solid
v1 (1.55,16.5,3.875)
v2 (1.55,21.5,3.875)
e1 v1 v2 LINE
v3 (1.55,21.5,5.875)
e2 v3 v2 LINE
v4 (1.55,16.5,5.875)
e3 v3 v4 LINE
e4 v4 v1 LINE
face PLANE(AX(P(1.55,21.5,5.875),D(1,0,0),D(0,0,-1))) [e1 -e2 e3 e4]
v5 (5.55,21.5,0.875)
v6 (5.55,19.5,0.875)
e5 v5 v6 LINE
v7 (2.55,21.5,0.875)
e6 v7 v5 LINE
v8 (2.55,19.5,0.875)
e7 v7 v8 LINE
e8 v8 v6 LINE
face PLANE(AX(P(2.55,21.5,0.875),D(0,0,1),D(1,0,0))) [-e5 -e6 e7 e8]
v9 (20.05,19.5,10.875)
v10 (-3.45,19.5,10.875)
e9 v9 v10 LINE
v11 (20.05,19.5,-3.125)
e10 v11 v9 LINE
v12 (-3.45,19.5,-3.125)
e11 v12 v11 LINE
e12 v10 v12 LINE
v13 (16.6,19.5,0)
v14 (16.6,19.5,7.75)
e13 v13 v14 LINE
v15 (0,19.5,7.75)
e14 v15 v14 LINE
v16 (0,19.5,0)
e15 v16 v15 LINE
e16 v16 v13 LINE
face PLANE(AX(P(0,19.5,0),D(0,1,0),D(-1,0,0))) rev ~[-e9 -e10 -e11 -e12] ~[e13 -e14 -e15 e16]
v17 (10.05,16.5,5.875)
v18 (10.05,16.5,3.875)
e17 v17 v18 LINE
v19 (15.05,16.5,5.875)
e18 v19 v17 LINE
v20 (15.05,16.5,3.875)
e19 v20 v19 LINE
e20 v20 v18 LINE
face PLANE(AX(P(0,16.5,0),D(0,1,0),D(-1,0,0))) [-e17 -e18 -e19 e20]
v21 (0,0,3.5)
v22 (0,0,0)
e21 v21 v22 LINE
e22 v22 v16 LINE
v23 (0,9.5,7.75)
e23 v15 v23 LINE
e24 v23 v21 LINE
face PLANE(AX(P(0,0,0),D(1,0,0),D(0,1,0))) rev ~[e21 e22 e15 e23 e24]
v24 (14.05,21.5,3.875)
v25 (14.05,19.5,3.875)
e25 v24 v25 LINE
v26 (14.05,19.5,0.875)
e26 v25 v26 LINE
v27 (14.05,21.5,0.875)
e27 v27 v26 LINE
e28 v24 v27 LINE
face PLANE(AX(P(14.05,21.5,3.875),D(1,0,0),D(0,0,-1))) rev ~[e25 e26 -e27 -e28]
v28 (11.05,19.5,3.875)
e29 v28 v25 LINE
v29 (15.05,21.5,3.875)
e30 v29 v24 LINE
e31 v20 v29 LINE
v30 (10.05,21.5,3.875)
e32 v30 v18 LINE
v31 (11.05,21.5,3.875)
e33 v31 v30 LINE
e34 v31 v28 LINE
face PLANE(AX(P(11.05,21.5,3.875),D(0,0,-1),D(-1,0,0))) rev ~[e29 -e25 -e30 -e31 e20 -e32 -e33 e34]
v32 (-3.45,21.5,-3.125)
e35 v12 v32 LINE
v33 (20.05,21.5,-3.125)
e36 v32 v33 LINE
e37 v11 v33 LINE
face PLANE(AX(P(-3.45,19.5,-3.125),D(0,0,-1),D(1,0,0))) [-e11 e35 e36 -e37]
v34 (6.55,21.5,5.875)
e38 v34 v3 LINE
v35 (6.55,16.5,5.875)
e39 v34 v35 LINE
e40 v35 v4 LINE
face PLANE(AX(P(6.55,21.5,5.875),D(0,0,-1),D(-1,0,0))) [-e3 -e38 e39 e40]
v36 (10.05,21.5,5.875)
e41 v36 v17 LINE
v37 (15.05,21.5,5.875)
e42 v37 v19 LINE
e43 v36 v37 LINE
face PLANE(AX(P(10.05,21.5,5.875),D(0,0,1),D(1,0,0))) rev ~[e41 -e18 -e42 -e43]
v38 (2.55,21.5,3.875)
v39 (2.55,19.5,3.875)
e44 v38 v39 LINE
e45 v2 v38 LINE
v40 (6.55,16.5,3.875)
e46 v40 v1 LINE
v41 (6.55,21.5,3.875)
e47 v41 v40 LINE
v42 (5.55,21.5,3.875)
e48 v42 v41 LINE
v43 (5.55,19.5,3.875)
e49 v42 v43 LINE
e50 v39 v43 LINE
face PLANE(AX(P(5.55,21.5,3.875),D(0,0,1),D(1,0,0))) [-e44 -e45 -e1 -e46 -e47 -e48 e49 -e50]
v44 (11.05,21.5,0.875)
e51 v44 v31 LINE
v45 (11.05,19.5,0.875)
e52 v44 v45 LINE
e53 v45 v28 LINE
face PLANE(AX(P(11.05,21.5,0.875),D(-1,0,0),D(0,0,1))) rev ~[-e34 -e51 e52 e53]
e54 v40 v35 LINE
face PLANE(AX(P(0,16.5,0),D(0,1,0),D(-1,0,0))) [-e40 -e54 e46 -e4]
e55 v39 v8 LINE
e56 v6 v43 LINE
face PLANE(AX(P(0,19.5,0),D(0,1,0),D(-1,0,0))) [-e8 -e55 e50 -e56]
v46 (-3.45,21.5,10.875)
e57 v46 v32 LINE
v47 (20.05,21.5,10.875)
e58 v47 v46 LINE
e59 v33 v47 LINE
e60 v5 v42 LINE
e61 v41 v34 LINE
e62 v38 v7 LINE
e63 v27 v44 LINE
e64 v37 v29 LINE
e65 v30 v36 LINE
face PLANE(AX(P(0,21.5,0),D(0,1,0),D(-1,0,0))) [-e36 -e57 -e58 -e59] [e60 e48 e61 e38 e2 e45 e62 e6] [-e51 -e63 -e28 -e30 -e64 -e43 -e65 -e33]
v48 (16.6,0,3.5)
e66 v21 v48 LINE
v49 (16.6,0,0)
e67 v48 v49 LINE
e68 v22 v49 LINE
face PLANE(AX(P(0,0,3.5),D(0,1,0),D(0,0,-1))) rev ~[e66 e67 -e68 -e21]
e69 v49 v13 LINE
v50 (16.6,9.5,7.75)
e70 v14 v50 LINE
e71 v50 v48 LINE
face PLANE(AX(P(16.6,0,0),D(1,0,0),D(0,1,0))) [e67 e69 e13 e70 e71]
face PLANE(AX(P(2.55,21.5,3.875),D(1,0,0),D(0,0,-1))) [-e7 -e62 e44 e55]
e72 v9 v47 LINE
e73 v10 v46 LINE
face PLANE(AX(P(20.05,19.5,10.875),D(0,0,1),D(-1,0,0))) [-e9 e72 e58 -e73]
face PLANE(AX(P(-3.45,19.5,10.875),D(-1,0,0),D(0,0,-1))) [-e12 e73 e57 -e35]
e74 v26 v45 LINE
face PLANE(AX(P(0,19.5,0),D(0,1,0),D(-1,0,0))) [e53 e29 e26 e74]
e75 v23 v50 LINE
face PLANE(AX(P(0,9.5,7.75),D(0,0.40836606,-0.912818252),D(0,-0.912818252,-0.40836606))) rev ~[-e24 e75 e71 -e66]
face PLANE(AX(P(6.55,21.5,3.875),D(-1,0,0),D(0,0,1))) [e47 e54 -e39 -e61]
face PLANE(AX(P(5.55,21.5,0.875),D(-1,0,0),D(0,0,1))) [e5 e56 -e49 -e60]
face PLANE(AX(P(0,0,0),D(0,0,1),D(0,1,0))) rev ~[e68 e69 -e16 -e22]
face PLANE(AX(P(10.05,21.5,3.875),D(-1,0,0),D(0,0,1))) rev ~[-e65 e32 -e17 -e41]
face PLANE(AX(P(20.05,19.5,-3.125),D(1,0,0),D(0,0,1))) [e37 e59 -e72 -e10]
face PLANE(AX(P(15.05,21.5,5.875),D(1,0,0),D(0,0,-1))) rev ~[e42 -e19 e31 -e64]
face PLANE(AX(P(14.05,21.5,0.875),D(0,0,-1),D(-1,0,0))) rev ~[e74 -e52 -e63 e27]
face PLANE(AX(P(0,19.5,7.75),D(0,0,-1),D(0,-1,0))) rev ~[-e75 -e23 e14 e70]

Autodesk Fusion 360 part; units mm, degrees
sketch "Esquisse1" plane through (0, 0, 0) normal (1, 0, 0) x (0, 1, 0)
  line L0 (0, 0) -> (19.5, 0)
  line L1 (19.5, 0) -> (19.5, 7.75)
  line L2 (19.5, 7.75) -> (9.5, 7.75)
  line L3 (9.5, 7.75) -> (0, 3.5)
  line L4 (0, 3.5) -> (0, 0)
  dimension "d1" = 7.75
  dimension "d2" = 19.5
  dimension "d3" = 10
  dimension "d4" = 3.5
extrude "Extrusion1" add sketch "Esquisse1" along normal blind 16.6
sketch "Esquisse2" plane through (0, 19.5, 0) normal (0, 1, 0) x (-1, 0, 0)
  line L0 (0, 0) -> (0, 7.75)
  line L1 (0, 7.75) -> (-16.6, 7.75)
  line L2 (-16.6, 7.75) -> (-16.6, 0)
  line L3 (-16.6, 0) -> (0, 0)
  line L4 (-20.05, 10.875) -> (3.45, 10.875)
  line L5 (3.45, 10.875) -> (3.45, -3.125)
  line L6 (3.45, -3.125) -> (-20.05, -3.125)
  line L7 (-20.05, -3.125) -> (-20.05, 10.875)
  dimension "d7" = 23.5
  dimension "d8" = 14
  dimension "d9" = 3.45
  dimension "d10" = 3.125
extrude "Extrusion2" add sketch "Esquisse2" along normal blind 2 contours L0 L1 L2 L3 | L4 L5 L6 L7
sketch "Esquisse3" plane through (0, 21.5, 0) normal (0, 1, 0) x (-1, 0, 0)
  line L0 (-20.05, -3.125) -> (3.45, -3.125)
  line L1 (3.45, -3.125) -> (3.45, 10.875)
  line L2 (3.45, 10.875) -> (-20.05, 10.875)
  line L3 (-20.05, 10.875) -> (-20.05, -3.125)
  line L4 (-8.3, 10.875) -> (-8.3, -3.125)
  line L5 (-14.05, 0.875) -> (-11.05, 0.875)
  line L6 (-11.05, 0.875) -> (-11.05, 3.875)
  line L7 (-11.05, 3.875) -> (-10.05, 3.875)
  line L8 (-10.05, 3.875) -> (-10.05, 5.875)
  line L9 (-10.05, 5.875) -> (-15.05, 5.875)
  line L10 (-15.05, 5.875) -> (-15.05, 3.875)
  line L11 (-15.05, 3.875) -> (-14.05, 3.875)
  line L12 (-14.05, 3.875) -> (-14.05, 0.875)
  line L13 (-1.55, 3.875) -> (-2.55, 3.875)
  line L14 (-6.55, 5.875) -> (-1.55, 5.875)
  line L15 (-6.55, 3.875) -> (-6.55, 5.875)
  line L16 (-5.55, 3.875) -> (-6.55, 3.875)
  line L17 (-5.55, 0.875) -> (-5.55, 3.875)
  line L18 (-2.55, 0.875) -> (-5.55, 0.875)
  line L19 (-2.55, 3.875) -> (-2.55, 0.875)
  line L20 (-1.55, 5.875) -> (-1.55, 3.875)
  line L21 (-14.05, 3.875) -> (-11.05, 3.875)
  line L22 (-2.55, 3.875) -> (-5.55, 3.875)
  dimension "d14" = 5
  dimension "d15" = 2
  dimension "d16" = 5
  dimension "d17" = 3
  dimension "d18" = 5
  dimension "d19" = 5
extrude "Extrusion3" cut sketch "Esquisse3" against normal blind 2 contours L5 L6 L12 L21 | L7 L8 L9 L10 L11 L21 | L13 L14 L15 L16 L20 L22 | L17 L18 L19 L22
sketch "Esquisse4" plane through (0, 21.5, 0) normal (0, 1, 0) x (-1, 0, 0)
  line L0 (-11.05, 0.875) -> (-14.05, 0.875)
  line L1 (-14.05, 0.875) -> (-14.05, 3.875)
  line L2 (-14.05, 3.875) -> (-15.05, 3.875)
  line L3 (-15.05, 3.875) -> (-15.05, 5.875)
  line L4 (-15.05, 5.875) -> (-10.05, 5.875)
  line L5 (-10.05, 5.875) -> (-10.05, 3.875)
  line L6 (-10.05, 3.875) -> (-11.05, 3.875)
  line L7 (-11.05, 3.875) -> (-11.05, 0.875)
  line L8 (-6.55, 3.875) -> (-6.55, 5.875)
  line L9 (-6.55, 5.875) -> (-1.55, 5.875)
  line L10 (-1.55, 5.875) -> (-1.55, 3.875)
  line L11 (-1.55, 3.875) -> (-2.55, 3.875)
  line L12 (-2.55, 3.875) -> (-2.55, 0.875)
  line L13 (-2.55, 0.875) -> (-5.55, 0.875)
  line L14 (-5.55, 0.875) -> (-5.55, 3.875)
  line L15 (-5.55, 3.875) -> (-6.55, 3.875)
  line L16 (-20.05, -3.125) -> (3.45, -3.125)
  line L17 (3.45, -3.125) -> (3.45, 10.875)
  line L18 (3.45, 10.875) -> (-20.05, 10.875)
  line L19 (-20.05, 10.875) -> (-20.05, -3.125)
  line L20 (-15.05, 5.875) -> (-10.05, 5.875)
  line L21 (-10.05, 5.875) -> (-10.05, 3.875)
  line L22 (-10.05, 3.875) -> (-15.05, 3.875)
  line L23 (-15.05, 3.875) -> (-15.05, 5.875)
  line L24 (-6.55, 5.875) -> (-1.55, 5.875)
  line L25 (-1.55, 5.875) -> (-1.55, 3.875)
  line L26 (-1.55, 3.875) -> (-6.55, 3.875)
  line L27 (-6.55, 3.875) -> (-6.55, 5.875)
extrude "Extrusion4" cut sketch "Esquisse4" against normal blind 5 contours L2 L3 L4 L5 L6 L20 L21 L22 L23 | L8 L9 L10 L11 L15 L24 L25 L26 L27
chamfer "Chanfrein1" [suppressed]
fillet "Congé1" [suppressed]
